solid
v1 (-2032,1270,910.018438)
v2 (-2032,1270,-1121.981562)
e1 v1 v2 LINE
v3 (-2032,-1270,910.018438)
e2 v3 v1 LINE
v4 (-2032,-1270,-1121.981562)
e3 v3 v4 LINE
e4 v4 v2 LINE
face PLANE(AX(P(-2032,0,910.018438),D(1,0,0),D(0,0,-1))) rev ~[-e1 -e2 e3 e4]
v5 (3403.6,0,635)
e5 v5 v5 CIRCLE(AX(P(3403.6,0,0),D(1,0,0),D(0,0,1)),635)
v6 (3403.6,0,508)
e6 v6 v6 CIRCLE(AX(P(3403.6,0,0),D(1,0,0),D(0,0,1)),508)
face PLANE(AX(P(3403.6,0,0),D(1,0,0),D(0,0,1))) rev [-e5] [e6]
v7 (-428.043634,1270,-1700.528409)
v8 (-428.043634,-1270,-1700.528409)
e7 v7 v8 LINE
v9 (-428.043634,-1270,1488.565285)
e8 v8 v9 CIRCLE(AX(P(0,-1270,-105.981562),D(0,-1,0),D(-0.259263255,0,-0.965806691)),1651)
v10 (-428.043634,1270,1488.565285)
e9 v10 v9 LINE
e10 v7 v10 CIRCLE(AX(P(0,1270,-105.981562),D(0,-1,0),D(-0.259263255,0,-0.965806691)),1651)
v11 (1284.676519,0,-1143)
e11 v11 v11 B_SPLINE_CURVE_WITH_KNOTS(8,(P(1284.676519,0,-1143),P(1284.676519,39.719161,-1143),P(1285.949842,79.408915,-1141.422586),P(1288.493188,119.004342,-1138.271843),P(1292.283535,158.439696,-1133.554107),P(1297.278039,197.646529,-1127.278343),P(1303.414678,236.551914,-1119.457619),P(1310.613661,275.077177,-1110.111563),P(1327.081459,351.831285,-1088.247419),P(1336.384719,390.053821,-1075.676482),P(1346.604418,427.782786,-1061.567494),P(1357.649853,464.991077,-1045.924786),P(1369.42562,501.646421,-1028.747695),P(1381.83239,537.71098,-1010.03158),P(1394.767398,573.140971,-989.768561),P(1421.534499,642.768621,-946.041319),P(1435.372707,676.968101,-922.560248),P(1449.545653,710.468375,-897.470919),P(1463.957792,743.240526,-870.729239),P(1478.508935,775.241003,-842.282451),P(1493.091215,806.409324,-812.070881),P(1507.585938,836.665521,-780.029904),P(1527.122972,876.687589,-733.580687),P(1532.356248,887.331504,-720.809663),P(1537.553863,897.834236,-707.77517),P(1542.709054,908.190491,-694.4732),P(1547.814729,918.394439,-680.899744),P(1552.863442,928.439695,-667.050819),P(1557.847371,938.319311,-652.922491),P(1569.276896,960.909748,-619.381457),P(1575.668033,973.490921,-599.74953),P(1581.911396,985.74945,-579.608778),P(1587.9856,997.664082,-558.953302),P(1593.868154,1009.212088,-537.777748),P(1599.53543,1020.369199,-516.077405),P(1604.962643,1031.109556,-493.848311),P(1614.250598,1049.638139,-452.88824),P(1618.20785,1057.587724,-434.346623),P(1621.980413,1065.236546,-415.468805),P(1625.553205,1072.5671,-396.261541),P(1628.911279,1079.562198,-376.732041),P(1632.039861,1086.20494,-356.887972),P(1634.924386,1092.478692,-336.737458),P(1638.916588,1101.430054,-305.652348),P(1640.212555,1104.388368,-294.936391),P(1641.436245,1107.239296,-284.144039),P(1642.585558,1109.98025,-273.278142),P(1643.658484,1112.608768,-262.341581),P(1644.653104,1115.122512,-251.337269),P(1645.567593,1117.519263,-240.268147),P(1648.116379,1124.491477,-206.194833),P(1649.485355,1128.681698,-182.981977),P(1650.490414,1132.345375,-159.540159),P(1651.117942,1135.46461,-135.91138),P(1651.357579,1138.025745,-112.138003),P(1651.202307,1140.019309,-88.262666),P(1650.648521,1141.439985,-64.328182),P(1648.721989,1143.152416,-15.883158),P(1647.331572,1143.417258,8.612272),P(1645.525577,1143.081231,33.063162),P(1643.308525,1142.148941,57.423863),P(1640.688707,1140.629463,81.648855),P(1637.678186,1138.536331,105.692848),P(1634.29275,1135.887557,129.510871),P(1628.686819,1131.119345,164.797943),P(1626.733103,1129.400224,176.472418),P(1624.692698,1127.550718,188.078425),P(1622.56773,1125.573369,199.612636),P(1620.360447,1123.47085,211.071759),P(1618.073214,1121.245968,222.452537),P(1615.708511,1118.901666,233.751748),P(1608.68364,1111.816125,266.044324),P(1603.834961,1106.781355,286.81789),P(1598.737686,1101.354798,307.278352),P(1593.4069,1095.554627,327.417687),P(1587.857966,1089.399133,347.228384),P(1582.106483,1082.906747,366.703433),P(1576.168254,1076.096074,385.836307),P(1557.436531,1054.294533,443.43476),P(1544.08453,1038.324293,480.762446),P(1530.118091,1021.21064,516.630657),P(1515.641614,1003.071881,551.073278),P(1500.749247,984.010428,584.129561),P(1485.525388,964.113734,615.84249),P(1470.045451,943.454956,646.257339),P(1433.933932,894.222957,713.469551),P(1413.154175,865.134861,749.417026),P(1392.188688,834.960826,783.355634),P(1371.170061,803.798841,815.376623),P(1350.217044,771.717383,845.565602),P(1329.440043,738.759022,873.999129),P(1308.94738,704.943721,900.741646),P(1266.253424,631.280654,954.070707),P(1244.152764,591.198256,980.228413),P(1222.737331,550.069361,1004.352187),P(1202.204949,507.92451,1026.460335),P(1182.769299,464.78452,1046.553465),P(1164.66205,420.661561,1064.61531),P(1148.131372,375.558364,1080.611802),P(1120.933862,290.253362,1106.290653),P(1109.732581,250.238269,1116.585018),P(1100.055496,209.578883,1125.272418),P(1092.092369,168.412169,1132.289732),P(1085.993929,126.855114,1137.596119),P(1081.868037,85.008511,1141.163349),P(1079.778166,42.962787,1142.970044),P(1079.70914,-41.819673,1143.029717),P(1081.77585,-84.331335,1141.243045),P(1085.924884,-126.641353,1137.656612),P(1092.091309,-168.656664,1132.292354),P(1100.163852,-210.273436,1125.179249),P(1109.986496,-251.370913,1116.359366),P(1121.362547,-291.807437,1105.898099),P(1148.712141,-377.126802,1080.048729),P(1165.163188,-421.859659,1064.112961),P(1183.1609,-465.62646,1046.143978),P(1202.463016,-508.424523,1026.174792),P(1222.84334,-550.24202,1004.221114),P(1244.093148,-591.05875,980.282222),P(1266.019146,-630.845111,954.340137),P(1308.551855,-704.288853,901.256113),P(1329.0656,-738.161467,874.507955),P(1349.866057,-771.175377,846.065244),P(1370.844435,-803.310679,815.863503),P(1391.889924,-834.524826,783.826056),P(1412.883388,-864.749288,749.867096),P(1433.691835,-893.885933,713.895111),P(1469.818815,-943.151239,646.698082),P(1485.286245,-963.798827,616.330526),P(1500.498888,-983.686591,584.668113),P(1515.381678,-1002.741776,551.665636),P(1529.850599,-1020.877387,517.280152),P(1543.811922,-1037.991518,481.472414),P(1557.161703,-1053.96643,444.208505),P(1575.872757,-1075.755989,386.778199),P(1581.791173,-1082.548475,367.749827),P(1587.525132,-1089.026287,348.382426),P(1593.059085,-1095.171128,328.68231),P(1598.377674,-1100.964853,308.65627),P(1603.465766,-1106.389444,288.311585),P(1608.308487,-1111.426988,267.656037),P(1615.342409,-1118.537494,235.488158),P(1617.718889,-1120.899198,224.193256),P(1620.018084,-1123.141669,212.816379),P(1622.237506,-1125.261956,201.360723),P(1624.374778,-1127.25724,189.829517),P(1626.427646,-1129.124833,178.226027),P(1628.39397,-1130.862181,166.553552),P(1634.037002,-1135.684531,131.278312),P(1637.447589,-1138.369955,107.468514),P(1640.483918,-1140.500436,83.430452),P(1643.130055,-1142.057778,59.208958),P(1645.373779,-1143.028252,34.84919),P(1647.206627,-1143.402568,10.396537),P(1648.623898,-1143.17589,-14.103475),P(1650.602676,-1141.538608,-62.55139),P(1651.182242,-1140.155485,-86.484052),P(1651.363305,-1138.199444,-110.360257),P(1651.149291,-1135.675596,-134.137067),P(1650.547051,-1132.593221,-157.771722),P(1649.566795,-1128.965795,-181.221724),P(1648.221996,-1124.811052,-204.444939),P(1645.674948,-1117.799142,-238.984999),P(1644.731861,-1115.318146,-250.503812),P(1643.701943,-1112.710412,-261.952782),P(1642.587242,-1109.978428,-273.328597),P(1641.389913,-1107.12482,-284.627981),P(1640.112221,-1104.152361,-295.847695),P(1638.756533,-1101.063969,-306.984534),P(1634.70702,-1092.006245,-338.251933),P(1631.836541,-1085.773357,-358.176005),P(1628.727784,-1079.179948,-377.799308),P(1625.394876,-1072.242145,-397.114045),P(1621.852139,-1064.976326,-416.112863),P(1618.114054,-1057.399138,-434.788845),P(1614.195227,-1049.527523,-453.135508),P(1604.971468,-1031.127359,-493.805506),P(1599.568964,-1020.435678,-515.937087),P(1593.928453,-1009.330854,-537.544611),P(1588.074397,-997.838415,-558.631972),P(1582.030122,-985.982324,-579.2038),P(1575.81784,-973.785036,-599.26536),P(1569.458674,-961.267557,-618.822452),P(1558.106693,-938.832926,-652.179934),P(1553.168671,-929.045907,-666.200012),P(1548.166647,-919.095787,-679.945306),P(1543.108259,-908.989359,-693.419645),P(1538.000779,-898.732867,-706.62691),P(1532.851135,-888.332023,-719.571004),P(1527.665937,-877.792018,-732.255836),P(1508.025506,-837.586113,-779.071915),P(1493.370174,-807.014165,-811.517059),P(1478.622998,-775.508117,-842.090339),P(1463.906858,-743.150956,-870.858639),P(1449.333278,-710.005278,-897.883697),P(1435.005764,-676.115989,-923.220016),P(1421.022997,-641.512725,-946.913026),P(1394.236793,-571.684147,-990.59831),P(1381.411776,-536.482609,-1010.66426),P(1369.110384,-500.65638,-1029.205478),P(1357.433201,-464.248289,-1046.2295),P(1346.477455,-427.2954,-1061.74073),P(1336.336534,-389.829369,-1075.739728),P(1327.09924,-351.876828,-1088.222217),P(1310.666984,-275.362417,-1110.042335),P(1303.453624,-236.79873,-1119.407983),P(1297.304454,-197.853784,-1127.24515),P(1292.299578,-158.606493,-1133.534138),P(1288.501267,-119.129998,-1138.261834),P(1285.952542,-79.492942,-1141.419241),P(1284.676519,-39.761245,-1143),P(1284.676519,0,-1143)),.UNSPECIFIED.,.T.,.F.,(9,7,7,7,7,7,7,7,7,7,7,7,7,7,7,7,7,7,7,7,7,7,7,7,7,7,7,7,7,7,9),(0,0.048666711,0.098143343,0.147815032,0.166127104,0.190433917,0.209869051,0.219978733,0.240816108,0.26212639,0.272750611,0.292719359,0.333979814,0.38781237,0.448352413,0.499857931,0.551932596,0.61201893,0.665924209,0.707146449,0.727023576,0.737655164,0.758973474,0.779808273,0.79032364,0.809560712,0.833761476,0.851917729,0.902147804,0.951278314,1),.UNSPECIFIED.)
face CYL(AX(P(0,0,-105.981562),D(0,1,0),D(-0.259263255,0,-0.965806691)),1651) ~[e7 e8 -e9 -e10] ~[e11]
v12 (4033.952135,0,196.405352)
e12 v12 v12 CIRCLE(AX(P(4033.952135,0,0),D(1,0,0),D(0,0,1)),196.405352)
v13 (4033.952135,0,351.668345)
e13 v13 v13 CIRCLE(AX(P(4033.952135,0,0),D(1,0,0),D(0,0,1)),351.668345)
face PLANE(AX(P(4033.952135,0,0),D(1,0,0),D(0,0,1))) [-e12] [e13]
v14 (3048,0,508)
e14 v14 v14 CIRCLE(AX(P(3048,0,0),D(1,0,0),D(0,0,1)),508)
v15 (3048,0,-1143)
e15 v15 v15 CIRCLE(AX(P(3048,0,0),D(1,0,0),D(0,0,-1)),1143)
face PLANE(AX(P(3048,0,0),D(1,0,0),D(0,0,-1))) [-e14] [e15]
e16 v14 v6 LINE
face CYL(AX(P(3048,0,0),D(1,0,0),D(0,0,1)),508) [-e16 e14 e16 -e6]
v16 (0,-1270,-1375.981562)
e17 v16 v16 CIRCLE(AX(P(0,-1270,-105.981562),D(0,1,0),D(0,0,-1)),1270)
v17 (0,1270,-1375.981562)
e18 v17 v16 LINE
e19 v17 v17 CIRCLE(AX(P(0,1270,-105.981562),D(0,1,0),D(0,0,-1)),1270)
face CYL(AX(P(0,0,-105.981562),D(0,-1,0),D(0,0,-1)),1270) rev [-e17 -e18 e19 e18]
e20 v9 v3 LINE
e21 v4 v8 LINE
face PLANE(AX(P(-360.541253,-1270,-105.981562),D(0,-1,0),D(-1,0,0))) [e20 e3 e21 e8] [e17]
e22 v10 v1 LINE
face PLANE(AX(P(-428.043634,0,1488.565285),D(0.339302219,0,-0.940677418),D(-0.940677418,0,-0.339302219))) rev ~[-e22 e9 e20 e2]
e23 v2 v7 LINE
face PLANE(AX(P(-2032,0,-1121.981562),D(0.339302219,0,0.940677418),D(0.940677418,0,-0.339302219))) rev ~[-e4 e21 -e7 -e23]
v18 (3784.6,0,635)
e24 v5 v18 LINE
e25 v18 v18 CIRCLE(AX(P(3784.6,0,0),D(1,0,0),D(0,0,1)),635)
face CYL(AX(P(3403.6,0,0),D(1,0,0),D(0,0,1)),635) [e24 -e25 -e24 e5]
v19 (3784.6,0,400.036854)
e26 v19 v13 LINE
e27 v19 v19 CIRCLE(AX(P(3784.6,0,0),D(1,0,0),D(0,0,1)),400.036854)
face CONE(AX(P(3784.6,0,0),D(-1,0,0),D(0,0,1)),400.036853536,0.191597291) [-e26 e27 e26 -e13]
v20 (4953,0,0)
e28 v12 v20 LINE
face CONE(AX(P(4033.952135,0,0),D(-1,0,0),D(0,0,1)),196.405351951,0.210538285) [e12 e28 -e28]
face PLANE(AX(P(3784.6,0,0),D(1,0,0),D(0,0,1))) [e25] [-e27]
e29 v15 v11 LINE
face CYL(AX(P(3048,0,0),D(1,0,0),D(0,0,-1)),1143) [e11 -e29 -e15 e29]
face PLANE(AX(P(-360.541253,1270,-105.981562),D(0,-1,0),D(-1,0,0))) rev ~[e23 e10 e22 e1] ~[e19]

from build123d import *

# Parameters (mm, degrees)
SKETCH1_R                = 1270
BOSS_EXTRUDE1_DEPTH      = 1270
BOSS_EXTRUDE4_REACH      = 5525.249
BOSS_EXTRUDE4_END_RADIUS = 1651
SKETCH4_R                = 1143


with BuildPart() as part:
    # Sketch1 → Boss-Extrude1 (new, symmetric)
    with BuildSketch(Plane(origin=(0, 0, 0), x_dir=(1, 0, 0), z_dir=(0, 1, 0))):
        with BuildLine():
            Line((-2032, 1121.981561932), (-428.04363425, 1700.528408901))
            ThreePointArc((-428.04363425, 1700.528408901), (1651, 105.981561932), (-428.04363425, -1488.565285037))
            Line((-428.04363425, -1488.565285037), (-2032, -910.018438068))
            Line((-2032, -910.018438068), (-2032, 1121.981561932))
        make_face()
        with Locations(Location((0, 105.981561932, 0), (0, 0, 90))):
            Circle(SKETCH1_R, mode=Mode.SUBTRACT)
    extrude(amount=BOSS_EXTRUDE1_DEPTH, both=True)

    # Boss-Extrude4: up to this cylinder (the profile starts outside it)
    boss_extrude4_end = Plane(origin=(0, 0, -105.981561932), z_dir=(0, -1, 0)) * Cylinder(BOSS_EXTRUDE4_END_RADIUS, 14353.498, mode=Mode.PRIVATE)
    # Sketch4 → Boss-Extrude4 (add, up to the surface)
    with BuildSketch(Plane(origin=(3048, 0, 0), x_dir=(0, 0, -1), z_dir=(1, 0, 0)), mode=Mode.PRIVATE) as boss_extrude4_sk1:
        Circle(SKETCH4_R)
    boss_extrude4_tool1 = extrude(boss_extrude4_sk1.sketch, amount=-BOSS_EXTRUDE4_REACH, mode=Mode.PRIVATE) - boss_extrude4_end
    add(boss_extrude4_tool1.solids().sort_by_distance((3048, 0, 0))[0])

    # Sketch8 → Revolve3 (revolve)
    with BuildSketch(Plane(origin=(0, 0, 0), x_dir=(1, 0, 0), z_dir=(0, 1, 0))):
        Polygon((3048, 0), (3048, -508), (3403.6, -508), (3403.6, -635), (3784.6, -635), (3784.6, -400.036853536), (4033.952135237, -351.668344643), (4033.952135237, -196.405351951), (4953, 0), align=None)
    revolve(axis=Axis((0, 0, 0), (1, 0, 0)))


solid = part.part
